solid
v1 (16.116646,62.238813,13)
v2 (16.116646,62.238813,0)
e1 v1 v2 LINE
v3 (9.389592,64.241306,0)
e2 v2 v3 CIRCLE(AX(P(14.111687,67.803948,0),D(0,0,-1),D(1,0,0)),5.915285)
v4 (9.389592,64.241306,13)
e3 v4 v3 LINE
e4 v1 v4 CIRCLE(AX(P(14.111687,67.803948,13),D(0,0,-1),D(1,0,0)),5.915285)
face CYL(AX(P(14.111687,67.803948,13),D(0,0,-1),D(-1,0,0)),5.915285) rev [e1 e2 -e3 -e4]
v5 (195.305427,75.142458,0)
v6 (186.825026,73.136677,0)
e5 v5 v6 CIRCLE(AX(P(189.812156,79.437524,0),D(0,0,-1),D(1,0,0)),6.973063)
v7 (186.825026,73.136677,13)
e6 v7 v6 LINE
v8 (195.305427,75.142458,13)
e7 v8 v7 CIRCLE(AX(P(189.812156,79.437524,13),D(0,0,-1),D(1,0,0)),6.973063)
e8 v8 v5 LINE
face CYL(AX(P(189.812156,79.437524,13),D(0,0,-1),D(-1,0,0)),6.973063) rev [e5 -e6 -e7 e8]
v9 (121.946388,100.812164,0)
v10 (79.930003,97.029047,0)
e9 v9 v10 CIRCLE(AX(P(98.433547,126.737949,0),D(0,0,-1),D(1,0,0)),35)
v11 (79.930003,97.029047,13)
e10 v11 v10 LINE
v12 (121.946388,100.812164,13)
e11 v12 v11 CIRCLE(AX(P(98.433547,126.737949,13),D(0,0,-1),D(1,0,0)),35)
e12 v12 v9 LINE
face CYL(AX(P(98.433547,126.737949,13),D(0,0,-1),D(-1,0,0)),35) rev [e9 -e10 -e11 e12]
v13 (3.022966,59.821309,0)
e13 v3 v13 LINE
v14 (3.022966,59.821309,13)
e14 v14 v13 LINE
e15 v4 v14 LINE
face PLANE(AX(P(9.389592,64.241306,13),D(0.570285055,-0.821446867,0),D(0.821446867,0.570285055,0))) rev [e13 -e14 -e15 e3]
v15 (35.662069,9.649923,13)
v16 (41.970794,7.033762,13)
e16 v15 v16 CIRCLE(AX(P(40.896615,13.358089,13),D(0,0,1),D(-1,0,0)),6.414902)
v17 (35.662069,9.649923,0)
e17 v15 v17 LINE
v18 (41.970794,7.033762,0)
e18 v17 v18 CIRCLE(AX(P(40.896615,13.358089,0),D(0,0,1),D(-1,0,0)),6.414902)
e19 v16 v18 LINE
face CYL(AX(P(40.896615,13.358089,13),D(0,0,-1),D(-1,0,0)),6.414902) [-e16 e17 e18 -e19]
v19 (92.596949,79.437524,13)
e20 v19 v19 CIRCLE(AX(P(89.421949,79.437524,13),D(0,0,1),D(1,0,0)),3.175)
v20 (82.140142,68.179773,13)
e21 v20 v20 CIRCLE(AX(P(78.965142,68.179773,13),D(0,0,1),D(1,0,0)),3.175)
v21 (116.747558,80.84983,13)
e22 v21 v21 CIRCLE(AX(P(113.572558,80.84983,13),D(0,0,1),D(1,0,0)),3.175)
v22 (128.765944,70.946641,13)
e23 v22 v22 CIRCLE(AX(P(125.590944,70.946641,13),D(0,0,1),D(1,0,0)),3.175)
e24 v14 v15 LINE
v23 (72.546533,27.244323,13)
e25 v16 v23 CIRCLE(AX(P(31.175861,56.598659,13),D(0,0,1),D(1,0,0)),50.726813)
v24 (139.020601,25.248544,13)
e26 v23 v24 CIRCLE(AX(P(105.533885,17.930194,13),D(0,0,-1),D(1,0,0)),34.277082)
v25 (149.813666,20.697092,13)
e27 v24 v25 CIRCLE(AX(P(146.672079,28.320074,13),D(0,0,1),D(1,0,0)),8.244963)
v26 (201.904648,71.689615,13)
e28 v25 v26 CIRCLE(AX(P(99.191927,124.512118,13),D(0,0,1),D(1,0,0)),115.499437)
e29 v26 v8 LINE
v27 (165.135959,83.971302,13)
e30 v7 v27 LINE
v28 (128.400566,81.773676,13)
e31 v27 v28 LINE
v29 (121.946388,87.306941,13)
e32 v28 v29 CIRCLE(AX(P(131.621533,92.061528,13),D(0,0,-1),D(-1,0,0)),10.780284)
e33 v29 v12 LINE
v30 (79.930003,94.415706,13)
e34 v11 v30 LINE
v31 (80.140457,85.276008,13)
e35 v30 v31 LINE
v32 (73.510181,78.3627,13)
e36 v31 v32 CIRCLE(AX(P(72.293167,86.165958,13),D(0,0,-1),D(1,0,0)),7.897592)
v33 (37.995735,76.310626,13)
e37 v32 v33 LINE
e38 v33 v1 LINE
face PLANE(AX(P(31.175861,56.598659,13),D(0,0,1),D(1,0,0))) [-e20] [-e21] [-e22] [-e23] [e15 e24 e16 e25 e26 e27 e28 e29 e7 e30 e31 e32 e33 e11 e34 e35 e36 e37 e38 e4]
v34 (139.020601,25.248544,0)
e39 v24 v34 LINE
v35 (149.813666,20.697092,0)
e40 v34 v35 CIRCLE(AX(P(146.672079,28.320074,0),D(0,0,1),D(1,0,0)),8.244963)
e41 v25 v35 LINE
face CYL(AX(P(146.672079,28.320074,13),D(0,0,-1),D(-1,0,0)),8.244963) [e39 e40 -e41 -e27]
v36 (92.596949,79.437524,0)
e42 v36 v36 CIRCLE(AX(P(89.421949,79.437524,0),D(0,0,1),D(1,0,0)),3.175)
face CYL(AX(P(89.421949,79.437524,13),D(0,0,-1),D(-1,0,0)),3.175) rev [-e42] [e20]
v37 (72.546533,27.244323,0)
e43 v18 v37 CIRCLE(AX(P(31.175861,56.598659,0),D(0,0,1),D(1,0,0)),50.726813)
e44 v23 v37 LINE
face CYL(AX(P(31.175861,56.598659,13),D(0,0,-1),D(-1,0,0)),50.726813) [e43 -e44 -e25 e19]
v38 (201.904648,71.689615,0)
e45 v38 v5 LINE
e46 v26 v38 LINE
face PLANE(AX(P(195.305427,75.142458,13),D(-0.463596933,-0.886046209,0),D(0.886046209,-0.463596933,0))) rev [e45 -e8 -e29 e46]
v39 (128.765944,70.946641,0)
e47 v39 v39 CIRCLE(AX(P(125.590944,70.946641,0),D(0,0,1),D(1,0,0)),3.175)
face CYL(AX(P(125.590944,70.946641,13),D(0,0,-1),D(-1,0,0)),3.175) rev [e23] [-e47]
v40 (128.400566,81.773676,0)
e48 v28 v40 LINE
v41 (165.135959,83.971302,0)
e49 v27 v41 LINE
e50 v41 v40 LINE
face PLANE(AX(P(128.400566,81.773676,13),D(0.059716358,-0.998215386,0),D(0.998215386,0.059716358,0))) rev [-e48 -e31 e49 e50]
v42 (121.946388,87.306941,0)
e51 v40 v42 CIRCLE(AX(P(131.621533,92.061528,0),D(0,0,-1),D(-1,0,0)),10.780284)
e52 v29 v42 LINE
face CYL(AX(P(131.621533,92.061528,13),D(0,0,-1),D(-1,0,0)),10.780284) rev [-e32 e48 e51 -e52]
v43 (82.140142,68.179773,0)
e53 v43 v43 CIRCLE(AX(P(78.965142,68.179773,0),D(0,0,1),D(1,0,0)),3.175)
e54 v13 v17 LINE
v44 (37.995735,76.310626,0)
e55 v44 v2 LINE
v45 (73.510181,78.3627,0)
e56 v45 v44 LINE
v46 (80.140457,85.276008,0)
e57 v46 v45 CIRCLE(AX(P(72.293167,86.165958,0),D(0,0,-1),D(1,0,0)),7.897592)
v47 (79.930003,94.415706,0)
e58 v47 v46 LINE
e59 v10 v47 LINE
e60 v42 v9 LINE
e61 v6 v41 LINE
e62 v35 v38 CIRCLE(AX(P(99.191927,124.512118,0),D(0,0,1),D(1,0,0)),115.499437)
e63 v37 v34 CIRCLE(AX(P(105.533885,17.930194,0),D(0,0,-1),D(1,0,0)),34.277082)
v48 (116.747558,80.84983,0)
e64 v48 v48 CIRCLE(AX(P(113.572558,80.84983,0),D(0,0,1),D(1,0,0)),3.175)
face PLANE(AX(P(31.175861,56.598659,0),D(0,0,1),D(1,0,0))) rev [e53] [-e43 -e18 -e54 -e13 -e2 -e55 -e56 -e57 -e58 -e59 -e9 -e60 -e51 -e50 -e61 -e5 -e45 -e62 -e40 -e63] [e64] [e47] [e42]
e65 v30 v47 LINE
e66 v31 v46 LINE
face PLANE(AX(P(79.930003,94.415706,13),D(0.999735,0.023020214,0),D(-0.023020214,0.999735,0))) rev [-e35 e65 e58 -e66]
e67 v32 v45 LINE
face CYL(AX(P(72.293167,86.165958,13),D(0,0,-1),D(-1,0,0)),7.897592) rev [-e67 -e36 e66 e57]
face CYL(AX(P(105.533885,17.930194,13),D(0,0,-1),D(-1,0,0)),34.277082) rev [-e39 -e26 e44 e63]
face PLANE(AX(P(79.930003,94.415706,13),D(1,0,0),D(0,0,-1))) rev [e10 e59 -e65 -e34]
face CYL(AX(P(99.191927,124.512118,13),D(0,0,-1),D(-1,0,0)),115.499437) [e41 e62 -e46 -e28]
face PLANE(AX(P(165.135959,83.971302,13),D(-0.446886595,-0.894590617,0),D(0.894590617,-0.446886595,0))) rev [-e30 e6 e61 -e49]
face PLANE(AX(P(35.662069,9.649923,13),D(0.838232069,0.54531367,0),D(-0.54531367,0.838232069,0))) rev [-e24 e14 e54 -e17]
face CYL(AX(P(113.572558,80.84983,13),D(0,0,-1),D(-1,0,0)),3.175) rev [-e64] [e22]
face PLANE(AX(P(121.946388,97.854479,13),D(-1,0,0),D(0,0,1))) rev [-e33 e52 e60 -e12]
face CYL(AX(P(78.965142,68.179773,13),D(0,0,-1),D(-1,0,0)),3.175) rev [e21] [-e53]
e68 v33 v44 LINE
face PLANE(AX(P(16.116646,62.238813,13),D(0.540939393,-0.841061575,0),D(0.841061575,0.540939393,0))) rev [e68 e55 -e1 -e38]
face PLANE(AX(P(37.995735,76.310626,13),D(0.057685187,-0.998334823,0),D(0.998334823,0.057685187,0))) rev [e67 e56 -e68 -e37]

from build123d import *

# Parameters (mm, degrees)
ESBO_O1_R                = 3.175
RESSALTO_EXTRUS_O1_DEPTH = 13


with BuildPart() as part:
    # Esboço1 → Ressalto-extrusão1 (new body)
    with BuildSketch(Plane.XY):
        with BuildLine():
            Line((35.385230037, 10.075467345), (3.022965856, 59.821309359))
            Line((3.022965856, 59.821309359), (9.389592457, 64.241305524))
            ThreePointArc((9.389592457, 64.241305524), (12.424025355, 62.134521854), (16.11664555, 62.238812532))
            Line((16.11664555, 62.238812532), (37.995734983, 76.310625699))
            Line((37.995734983, 76.310625699), (73.510181395, 78.362700262))
            ThreePointArc((73.510181395, 78.362700262), (77.993066809, 80.699414035), (80.140456658, 85.276007717))
            Line((80.140456658, 85.276007717), (79.930003073, 94.415706286))
            Line((79.930003073, 94.415706286), (79.930003073, 97.029046835))
            ThreePointArc((79.930003073, 97.029046835), (101.572218687, 91.878964915), (121.946388489, 100.812163968))
            Line((121.946388489, 100.812163968), (121.946388489, 97.854479056))
            Line((121.946388489, 97.854479056), (121.946388489, 87.306940797))
            ThreePointArc((121.946388489, 87.306940797), (124.605004373, 83.87722317), (128.400566482, 81.773676237))
            Line((128.400566482, 81.773676237), (165.135958914, 83.971302002))
            Line((165.135958914, 83.971302002), (186.825026221, 73.136677472))
            ThreePointArc((186.825026221, 73.136677472), (191.417140339, 72.651683009), (195.305426608, 75.142458308))
            Line((195.305426608, 75.142458308), (201.904648359, 71.689614729))
            ThreePointArc((201.904648359, 71.689614729), (180.384547639, 42.366647273), (150.812504997, 21.190116644))
            ThreePointArc((150.812504997, 21.190116644), (150.313679981, 20.942400372), (149.813666262, 20.697092344))
            ThreePointArc((149.813666262, 20.697092344), (143.468376798, 20.722988132), (139.020600507, 25.248543905))
            ThreePointArc((139.020600507, 25.248543905), (106.562536674, 52.191838172), (72.546533139, 27.244322919))
            ThreePointArc((72.546533139, 27.244322919), (59.147798476, 14.281047119), (41.970794252, 7.033762392))
            ThreePointArc((41.970794252, 7.033762392), (38.439332559, 7.432489412), (35.662068876, 9.64992292))
            Line((35.662068876, 9.64992292), (35.385230037, 10.075467345))
        make_face()
        with Locations((89.421948725, 79.437523552)):
            Circle(ESBO_O1_R, mode=Mode.SUBTRACT)
        with Locations((113.572558486, 80.849829661)):
            Circle(ESBO_O1_R, mode=Mode.SUBTRACT)
        with Locations((78.965142383, 68.179773497)):
            Circle(ESBO_O1_R, mode=Mode.SUBTRACT)
        with Locations((125.590943677, 70.946640577)):
            Circle(ESBO_O1_R, mode=Mode.SUBTRACT)
    extrude(amount=RESSALTO_EXTRUS_O1_DEPTH)


solid = part.part
